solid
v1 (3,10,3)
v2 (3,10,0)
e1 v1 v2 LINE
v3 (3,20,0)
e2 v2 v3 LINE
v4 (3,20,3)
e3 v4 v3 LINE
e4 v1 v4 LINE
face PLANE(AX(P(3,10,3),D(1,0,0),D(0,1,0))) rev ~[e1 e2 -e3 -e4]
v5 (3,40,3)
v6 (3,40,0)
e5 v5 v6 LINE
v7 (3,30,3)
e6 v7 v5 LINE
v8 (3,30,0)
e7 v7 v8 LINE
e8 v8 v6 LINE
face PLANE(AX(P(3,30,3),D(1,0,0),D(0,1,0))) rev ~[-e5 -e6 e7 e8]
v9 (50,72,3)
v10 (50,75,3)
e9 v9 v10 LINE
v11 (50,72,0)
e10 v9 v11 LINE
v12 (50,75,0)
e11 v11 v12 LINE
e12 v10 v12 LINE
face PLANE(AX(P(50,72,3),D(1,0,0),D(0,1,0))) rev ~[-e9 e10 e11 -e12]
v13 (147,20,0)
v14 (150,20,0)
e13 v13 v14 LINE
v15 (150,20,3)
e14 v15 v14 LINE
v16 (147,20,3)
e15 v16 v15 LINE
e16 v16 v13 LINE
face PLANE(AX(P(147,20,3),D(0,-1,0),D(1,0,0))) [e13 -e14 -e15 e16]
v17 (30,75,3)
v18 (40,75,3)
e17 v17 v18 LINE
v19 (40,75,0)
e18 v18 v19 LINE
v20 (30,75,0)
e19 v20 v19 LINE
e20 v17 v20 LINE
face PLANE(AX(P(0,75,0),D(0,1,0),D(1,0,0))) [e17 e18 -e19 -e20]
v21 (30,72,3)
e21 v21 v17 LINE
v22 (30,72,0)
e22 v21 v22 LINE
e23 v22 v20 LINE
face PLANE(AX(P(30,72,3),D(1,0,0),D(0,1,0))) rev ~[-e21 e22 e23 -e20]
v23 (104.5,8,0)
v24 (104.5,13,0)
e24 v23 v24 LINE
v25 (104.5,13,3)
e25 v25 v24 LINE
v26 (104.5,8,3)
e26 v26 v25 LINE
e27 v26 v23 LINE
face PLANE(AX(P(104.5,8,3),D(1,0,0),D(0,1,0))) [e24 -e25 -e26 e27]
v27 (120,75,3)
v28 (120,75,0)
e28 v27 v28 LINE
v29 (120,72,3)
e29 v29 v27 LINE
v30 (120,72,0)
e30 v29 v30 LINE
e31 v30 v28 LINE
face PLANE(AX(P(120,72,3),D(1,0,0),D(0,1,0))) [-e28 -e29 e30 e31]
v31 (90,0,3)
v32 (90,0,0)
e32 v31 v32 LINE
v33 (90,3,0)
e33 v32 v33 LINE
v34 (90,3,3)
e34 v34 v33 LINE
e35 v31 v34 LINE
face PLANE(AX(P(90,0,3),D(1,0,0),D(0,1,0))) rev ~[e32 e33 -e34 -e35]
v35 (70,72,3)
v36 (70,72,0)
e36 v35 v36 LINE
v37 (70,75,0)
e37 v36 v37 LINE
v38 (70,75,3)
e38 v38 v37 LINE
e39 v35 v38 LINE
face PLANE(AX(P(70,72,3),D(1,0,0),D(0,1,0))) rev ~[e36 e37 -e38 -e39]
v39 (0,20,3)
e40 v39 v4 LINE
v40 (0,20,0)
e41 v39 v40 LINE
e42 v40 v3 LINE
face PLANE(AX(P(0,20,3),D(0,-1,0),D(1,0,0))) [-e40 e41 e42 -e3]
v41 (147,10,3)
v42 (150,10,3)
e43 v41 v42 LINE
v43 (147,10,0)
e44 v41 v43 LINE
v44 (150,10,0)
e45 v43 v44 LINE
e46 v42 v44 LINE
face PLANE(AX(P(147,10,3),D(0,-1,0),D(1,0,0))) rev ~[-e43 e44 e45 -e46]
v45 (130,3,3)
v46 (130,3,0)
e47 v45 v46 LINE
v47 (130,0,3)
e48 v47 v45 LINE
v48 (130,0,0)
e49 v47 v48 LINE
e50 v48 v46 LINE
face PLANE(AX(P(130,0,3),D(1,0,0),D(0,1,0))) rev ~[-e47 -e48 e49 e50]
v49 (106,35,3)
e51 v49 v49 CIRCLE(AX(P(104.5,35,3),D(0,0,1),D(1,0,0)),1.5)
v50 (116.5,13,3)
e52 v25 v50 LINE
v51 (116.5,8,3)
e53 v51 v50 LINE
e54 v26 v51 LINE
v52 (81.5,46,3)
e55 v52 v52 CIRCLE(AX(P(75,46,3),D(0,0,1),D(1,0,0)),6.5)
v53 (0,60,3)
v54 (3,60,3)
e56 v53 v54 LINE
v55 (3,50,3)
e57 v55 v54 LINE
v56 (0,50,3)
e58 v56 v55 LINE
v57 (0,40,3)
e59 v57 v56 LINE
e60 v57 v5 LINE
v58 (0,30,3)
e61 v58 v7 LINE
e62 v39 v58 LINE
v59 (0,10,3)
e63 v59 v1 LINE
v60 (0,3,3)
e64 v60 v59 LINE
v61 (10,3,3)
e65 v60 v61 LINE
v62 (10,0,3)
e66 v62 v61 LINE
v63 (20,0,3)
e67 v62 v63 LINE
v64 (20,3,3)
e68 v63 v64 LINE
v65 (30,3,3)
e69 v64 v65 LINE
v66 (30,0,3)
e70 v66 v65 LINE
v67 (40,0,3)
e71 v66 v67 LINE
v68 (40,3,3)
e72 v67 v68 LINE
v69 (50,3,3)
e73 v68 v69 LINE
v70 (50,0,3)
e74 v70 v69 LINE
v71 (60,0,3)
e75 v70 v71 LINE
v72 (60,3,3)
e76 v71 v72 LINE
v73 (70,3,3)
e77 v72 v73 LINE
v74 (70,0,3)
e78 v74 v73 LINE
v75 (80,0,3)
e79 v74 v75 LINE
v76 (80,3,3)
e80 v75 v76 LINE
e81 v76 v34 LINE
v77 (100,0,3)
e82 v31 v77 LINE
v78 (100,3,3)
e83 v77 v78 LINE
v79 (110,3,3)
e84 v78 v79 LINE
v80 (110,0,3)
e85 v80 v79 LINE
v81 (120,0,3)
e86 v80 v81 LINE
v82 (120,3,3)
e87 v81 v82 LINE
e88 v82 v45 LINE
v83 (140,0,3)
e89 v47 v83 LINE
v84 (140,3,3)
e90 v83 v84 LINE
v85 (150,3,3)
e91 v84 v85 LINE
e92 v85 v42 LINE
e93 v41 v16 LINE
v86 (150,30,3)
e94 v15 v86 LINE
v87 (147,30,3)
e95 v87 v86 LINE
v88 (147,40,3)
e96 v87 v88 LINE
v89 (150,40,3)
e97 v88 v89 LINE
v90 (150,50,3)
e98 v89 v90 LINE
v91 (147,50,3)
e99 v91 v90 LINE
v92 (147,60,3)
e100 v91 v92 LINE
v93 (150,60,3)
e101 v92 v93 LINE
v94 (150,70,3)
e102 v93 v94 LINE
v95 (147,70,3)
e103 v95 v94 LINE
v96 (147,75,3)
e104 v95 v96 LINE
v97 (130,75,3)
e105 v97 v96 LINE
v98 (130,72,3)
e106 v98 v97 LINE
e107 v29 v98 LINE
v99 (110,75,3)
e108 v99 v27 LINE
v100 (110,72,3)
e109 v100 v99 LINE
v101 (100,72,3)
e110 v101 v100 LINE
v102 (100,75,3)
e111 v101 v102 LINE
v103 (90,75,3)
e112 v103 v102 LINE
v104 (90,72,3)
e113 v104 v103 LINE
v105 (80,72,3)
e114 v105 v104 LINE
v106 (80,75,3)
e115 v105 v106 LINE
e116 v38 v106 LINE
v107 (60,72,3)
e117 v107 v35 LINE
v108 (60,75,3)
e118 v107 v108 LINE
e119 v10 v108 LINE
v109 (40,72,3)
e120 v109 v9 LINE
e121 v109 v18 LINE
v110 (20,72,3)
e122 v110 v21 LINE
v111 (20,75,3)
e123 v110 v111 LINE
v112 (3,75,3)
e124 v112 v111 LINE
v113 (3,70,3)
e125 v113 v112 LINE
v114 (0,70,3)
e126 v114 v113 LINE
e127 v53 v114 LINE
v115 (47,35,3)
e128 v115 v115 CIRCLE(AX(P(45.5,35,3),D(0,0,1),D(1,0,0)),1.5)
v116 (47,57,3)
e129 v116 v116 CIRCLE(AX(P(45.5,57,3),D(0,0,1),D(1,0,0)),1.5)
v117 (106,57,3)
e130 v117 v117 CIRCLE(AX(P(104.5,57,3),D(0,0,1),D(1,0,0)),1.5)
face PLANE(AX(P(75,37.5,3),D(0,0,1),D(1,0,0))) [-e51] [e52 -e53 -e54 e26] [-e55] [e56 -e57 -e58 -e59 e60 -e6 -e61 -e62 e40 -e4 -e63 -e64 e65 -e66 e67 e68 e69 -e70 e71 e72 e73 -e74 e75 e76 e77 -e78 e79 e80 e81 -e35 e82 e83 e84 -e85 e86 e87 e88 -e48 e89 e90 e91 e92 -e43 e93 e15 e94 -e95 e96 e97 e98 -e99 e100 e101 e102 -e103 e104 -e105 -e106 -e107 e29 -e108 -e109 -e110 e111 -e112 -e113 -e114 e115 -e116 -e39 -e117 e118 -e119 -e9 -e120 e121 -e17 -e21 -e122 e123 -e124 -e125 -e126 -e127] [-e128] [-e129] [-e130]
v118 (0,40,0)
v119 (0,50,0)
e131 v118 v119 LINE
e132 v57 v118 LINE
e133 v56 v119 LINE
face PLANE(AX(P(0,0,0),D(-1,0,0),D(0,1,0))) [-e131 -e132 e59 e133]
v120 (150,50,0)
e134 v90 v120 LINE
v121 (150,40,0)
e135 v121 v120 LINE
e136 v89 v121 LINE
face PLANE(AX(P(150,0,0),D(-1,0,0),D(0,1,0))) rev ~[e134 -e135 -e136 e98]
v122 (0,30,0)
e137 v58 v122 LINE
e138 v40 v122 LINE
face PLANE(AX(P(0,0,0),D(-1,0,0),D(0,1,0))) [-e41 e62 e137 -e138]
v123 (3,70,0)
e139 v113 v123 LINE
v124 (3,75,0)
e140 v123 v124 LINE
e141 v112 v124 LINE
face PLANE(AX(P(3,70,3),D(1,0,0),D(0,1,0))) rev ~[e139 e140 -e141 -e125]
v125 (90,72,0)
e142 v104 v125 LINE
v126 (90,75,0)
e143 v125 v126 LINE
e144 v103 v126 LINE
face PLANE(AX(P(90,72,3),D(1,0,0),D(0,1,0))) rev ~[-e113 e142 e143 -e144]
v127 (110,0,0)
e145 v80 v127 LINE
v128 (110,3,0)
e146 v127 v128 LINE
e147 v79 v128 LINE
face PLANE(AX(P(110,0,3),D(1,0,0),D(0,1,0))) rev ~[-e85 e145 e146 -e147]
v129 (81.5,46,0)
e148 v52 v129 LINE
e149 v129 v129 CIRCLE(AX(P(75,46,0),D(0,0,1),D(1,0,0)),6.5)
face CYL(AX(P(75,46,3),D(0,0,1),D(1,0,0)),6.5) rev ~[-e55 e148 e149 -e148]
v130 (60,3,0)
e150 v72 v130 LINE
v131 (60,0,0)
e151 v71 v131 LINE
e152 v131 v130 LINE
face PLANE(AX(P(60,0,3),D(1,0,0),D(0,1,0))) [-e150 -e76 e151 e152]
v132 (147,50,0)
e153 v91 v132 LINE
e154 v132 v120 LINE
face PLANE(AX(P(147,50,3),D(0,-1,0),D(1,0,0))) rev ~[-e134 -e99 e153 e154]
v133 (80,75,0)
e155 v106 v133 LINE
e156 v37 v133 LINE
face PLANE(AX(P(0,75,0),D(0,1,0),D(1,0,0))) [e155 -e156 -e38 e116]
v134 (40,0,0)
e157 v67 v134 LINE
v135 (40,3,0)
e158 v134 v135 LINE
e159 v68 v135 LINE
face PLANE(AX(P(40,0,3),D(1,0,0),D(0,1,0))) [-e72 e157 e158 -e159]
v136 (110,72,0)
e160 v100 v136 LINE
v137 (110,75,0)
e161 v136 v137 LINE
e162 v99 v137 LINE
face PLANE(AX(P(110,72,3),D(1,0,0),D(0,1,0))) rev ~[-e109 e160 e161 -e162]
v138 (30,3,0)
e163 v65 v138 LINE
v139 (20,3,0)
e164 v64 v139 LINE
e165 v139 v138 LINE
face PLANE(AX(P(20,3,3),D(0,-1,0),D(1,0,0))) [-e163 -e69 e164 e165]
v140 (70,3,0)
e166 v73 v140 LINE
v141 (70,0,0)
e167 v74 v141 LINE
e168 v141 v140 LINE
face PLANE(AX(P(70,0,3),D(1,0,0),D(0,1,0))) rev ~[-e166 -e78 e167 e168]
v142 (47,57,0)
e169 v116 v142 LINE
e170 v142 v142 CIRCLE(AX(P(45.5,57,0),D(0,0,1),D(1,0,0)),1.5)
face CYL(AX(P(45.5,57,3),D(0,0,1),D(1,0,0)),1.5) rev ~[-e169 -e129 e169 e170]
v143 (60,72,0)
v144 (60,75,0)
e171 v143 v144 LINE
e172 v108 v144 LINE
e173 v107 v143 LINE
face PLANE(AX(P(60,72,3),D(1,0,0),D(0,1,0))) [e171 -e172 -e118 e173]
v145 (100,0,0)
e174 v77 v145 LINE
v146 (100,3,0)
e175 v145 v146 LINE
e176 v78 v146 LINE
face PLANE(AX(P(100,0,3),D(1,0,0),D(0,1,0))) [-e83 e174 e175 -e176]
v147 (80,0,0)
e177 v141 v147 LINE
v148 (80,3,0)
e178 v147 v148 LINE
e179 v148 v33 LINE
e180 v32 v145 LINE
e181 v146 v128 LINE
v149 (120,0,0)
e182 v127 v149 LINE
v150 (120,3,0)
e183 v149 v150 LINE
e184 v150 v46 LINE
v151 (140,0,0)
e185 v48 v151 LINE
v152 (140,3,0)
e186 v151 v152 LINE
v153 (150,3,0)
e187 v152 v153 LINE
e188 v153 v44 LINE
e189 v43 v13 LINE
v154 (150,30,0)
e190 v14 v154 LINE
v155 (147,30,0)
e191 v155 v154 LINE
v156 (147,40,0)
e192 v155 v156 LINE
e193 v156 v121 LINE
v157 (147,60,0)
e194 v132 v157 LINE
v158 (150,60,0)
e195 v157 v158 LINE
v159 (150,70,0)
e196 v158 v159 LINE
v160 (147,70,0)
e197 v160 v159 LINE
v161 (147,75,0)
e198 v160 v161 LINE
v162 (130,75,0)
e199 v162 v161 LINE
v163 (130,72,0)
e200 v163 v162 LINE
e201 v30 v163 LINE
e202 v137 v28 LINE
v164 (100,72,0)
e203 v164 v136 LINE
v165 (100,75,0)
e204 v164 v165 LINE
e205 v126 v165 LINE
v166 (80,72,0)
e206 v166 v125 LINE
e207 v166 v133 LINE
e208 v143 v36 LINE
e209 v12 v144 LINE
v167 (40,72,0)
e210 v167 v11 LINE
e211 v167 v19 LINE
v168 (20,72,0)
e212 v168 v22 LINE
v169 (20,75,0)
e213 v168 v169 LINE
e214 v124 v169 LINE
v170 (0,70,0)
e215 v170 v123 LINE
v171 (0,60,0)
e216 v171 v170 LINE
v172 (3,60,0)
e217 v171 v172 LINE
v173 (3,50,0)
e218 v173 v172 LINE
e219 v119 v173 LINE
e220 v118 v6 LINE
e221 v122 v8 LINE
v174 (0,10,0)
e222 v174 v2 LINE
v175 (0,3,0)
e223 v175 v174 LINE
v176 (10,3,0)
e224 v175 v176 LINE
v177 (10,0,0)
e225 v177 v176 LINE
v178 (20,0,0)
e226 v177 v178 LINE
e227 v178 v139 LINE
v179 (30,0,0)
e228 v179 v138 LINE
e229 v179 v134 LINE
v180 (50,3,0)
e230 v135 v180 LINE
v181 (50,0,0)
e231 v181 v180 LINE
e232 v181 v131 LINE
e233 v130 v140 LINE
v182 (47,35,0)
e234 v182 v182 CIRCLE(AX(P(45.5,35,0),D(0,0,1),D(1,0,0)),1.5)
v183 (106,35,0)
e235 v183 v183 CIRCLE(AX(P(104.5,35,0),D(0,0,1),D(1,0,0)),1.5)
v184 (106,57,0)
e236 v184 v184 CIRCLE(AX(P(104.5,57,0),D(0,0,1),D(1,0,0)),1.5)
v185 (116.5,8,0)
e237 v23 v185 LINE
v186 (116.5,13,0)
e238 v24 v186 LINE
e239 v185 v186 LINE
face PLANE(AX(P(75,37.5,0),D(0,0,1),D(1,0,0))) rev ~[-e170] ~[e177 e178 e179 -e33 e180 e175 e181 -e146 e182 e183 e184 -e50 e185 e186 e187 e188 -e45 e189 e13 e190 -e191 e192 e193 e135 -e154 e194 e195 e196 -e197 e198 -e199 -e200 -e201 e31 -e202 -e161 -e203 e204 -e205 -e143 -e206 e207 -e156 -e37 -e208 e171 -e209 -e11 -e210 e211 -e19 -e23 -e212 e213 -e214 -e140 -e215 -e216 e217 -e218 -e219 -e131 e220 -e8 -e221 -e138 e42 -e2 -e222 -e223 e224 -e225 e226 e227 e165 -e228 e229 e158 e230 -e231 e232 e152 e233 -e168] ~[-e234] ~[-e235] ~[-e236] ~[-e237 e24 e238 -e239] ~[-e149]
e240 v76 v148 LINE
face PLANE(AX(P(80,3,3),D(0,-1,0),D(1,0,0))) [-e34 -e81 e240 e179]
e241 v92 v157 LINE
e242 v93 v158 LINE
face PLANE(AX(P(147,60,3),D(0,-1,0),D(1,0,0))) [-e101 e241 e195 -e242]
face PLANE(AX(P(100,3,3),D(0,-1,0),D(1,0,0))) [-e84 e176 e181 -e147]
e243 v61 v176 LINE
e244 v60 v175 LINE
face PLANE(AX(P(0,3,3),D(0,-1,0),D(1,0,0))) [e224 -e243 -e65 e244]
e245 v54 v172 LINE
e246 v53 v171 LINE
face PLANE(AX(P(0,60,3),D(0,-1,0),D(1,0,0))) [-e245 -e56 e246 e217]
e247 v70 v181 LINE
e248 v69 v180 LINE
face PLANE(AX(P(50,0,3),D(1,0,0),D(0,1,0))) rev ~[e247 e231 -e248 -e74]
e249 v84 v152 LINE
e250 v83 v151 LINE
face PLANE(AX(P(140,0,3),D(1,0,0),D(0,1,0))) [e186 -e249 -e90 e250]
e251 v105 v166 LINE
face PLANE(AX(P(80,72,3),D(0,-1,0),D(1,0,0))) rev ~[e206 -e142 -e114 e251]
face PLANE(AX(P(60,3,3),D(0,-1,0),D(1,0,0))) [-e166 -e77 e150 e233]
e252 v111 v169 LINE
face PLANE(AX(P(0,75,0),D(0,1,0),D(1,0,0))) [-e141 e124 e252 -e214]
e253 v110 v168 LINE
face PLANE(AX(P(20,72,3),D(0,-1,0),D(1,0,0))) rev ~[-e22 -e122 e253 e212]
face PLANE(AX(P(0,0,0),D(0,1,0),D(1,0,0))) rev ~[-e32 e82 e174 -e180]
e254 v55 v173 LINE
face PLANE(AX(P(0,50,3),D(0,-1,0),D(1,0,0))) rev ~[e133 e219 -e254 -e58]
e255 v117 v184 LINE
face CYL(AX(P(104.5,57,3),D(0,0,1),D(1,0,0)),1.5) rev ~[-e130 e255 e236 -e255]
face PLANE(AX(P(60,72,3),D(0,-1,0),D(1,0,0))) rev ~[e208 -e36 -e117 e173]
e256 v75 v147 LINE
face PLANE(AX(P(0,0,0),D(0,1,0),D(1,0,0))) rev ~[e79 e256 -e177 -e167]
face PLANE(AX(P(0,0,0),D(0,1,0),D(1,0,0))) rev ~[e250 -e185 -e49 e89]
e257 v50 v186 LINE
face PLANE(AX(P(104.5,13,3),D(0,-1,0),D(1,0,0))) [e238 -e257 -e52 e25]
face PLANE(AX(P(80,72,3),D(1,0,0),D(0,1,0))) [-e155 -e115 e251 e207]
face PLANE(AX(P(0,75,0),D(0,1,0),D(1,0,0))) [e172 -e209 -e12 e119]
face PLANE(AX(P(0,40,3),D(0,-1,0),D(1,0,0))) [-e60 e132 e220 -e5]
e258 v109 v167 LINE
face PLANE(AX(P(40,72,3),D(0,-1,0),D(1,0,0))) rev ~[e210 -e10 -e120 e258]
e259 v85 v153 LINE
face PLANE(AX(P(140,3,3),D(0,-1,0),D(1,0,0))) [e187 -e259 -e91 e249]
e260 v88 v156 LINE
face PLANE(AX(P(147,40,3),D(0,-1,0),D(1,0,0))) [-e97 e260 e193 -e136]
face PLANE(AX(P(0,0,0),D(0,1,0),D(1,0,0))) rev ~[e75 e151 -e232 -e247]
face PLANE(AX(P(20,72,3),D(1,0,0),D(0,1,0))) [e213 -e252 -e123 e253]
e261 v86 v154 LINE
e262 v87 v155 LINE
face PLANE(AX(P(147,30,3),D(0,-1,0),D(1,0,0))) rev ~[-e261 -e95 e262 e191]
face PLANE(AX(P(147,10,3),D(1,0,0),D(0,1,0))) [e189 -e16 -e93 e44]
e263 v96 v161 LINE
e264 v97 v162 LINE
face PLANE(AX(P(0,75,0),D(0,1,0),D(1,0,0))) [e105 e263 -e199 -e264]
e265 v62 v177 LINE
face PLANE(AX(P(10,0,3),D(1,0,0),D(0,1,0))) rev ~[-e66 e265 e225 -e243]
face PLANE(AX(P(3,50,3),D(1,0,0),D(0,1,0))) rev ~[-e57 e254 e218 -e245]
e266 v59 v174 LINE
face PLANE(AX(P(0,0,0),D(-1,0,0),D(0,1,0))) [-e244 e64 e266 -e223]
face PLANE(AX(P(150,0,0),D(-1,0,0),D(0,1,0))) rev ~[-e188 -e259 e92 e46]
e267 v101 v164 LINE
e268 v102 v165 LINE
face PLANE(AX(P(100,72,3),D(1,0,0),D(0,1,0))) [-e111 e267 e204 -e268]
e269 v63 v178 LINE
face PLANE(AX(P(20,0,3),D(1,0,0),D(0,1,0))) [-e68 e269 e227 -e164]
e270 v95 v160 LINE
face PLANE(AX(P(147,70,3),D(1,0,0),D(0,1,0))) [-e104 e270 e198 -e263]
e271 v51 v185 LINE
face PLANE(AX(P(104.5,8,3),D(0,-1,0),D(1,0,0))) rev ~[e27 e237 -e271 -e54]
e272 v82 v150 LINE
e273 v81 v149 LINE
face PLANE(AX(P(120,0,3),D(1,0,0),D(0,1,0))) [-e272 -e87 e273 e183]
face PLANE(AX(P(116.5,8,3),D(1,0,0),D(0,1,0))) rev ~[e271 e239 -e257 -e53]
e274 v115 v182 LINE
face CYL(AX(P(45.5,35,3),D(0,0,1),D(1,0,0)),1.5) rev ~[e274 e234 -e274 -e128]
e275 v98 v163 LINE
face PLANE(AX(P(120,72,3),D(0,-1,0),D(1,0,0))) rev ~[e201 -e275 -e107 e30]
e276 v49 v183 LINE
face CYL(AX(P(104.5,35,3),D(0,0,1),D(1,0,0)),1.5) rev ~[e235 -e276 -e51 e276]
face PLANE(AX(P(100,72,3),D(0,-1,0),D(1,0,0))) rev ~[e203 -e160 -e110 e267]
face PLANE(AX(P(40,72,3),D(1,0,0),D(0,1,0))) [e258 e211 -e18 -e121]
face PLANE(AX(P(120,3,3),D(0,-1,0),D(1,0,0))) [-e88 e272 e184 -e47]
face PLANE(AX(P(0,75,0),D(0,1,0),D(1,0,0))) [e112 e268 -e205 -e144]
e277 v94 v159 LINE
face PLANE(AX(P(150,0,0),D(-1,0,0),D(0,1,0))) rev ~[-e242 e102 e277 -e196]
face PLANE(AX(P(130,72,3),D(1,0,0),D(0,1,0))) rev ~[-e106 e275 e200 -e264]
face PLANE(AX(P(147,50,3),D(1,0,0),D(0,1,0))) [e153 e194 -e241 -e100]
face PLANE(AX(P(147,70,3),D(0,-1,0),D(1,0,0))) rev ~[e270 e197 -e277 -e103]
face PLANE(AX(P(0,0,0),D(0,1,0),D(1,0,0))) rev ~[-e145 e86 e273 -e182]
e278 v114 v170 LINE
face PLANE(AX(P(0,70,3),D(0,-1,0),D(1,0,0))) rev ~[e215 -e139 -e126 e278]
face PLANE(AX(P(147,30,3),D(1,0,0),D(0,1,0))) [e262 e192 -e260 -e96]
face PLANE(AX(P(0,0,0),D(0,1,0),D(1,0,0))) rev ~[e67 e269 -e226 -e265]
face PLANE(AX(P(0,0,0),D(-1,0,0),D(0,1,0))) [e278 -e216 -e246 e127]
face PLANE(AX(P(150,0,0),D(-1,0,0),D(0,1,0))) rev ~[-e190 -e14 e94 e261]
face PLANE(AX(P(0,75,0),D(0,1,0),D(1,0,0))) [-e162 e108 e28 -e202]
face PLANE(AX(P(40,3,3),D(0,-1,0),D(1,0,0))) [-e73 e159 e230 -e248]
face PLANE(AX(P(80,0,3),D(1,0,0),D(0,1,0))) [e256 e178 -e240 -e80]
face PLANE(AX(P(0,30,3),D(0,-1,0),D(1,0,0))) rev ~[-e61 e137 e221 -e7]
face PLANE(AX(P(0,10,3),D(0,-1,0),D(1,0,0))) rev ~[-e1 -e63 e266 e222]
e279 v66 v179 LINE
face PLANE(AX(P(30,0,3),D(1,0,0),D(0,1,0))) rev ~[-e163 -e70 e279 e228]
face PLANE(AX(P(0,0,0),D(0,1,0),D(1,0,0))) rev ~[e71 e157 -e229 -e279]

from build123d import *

# Parameters (mm, degrees)
MDFESB_W          = 150
MDFESB_H          = 75
MDF_DEPTH         = 3
ENCAIXESESB_W     = 10
ENCAIXESESB_H     = 3
ENCAIXESESB_W_2   = 3
ENCAIXESESB_H_2   = 10
ENCAIXES_DEPTH    = 3
MOTORPASSOESB_R   = 1.5
MOTORPASSOESB_R_2 = 6.5
MOTORPASSOESB_W   = 12
MOTORPASSOESB_H   = 5
MOTORPASSO_DEPTH  = 3


with BuildPart() as part:
    # mdfEsb → mdf (new body)
    with BuildSketch(Plane.XY):
        with Locations((75, 37.5)):
            Rectangle(MDFESB_W, MDFESB_H)
    extrude(amount=MDF_DEPTH)

    # EncaixesEsb → Encaixes (cut)
    with BuildSketch(Plane.XY.offset(3)):
        with Locations((25, 1.5)):
            Rectangle(ENCAIXESESB_W, ENCAIXESESB_H)
        with Locations((5, 1.5)):
            Rectangle(ENCAIXESESB_W, ENCAIXESESB_H)
        with Locations((45, 1.5)):
            Rectangle(ENCAIXESESB_W, ENCAIXESESB_H)
        with Locations((65, 1.5)):
            Rectangle(ENCAIXESESB_W, ENCAIXESESB_H)
        with Locations((85, 1.5)):
            Rectangle(ENCAIXESESB_W, ENCAIXESESB_H)
        with Locations((105, 1.5)):
            Rectangle(ENCAIXESESB_W, ENCAIXESESB_H)
        with Locations((125, 1.5)):
            Rectangle(ENCAIXESESB_W, ENCAIXESESB_H)
        with Locations((145, 1.5)):
            Rectangle(ENCAIXESESB_W, ENCAIXESESB_H)
        with Locations((1.5, 15)):
            Rectangle(ENCAIXESESB_W_2, ENCAIXESESB_H_2)
        with Locations((148.5, 15)):
            Rectangle(ENCAIXESESB_W_2, ENCAIXESESB_H_2)
        with Locations((148.5, 35)):
            Rectangle(ENCAIXESESB_W_2, ENCAIXESESB_H_2)
        with Locations((148.5, 55)):
            Rectangle(ENCAIXESESB_W_2, ENCAIXESESB_H_2)
        with Locations((148.5, 75)):
            Rectangle(ENCAIXESESB_W_2, ENCAIXESESB_H_2)
        with Locations((1.5, 35)):
            Rectangle(ENCAIXESESB_W_2, ENCAIXESESB_H_2)
        with Locations((1.5, 55)):
            Rectangle(ENCAIXESESB_W_2, ENCAIXESESB_H_2)
        with Locations((1.5, 75)):
            Rectangle(ENCAIXESESB_W_2, ENCAIXESESB_H_2)
        with Locations((25, 73.5)):
            Rectangle(ENCAIXESESB_W, ENCAIXESESB_H)
        with Locations((45, 73.5)):
            Rectangle(ENCAIXESESB_W, ENCAIXESESB_H)
        with Locations((65, 73.5)):
            Rectangle(ENCAIXESESB_W, ENCAIXESESB_H)
        with Locations((85, 73.5)):
            Rectangle(ENCAIXESESB_W, ENCAIXESESB_H)
        with Locations((105, 73.5)):
            Rectangle(ENCAIXESESB_W, ENCAIXESESB_H)
        with Locations((125, 73.5)):
            Rectangle(ENCAIXESESB_W, ENCAIXESESB_H)
    extrude(amount=-ENCAIXES_DEPTH, mode=Mode.SUBTRACT)

    # motorPassoEsb → motorPasso (cut)
    with BuildSketch(Plane.XY.offset(3)):
        with Locations((45.5, 35)):
            Circle(MOTORPASSOESB_R)
        with Locations((104.5, 35)):
            Circle(MOTORPASSOESB_R)
        with Locations((104.5, 57)):
            Circle(MOTORPASSOESB_R)
        with Locations((45.5, 57)):
            Circle(MOTORPASSOESB_R)
        with Locations((75, 46)):
            Circle(MOTORPASSOESB_R_2)
        with Locations((110.5, 10.5)):
            Rectangle(MOTORPASSOESB_W, MOTORPASSOESB_H)
    extrude(amount=-MOTORPASSO_DEPTH, mode=Mode.SUBTRACT)


solid = part.part
